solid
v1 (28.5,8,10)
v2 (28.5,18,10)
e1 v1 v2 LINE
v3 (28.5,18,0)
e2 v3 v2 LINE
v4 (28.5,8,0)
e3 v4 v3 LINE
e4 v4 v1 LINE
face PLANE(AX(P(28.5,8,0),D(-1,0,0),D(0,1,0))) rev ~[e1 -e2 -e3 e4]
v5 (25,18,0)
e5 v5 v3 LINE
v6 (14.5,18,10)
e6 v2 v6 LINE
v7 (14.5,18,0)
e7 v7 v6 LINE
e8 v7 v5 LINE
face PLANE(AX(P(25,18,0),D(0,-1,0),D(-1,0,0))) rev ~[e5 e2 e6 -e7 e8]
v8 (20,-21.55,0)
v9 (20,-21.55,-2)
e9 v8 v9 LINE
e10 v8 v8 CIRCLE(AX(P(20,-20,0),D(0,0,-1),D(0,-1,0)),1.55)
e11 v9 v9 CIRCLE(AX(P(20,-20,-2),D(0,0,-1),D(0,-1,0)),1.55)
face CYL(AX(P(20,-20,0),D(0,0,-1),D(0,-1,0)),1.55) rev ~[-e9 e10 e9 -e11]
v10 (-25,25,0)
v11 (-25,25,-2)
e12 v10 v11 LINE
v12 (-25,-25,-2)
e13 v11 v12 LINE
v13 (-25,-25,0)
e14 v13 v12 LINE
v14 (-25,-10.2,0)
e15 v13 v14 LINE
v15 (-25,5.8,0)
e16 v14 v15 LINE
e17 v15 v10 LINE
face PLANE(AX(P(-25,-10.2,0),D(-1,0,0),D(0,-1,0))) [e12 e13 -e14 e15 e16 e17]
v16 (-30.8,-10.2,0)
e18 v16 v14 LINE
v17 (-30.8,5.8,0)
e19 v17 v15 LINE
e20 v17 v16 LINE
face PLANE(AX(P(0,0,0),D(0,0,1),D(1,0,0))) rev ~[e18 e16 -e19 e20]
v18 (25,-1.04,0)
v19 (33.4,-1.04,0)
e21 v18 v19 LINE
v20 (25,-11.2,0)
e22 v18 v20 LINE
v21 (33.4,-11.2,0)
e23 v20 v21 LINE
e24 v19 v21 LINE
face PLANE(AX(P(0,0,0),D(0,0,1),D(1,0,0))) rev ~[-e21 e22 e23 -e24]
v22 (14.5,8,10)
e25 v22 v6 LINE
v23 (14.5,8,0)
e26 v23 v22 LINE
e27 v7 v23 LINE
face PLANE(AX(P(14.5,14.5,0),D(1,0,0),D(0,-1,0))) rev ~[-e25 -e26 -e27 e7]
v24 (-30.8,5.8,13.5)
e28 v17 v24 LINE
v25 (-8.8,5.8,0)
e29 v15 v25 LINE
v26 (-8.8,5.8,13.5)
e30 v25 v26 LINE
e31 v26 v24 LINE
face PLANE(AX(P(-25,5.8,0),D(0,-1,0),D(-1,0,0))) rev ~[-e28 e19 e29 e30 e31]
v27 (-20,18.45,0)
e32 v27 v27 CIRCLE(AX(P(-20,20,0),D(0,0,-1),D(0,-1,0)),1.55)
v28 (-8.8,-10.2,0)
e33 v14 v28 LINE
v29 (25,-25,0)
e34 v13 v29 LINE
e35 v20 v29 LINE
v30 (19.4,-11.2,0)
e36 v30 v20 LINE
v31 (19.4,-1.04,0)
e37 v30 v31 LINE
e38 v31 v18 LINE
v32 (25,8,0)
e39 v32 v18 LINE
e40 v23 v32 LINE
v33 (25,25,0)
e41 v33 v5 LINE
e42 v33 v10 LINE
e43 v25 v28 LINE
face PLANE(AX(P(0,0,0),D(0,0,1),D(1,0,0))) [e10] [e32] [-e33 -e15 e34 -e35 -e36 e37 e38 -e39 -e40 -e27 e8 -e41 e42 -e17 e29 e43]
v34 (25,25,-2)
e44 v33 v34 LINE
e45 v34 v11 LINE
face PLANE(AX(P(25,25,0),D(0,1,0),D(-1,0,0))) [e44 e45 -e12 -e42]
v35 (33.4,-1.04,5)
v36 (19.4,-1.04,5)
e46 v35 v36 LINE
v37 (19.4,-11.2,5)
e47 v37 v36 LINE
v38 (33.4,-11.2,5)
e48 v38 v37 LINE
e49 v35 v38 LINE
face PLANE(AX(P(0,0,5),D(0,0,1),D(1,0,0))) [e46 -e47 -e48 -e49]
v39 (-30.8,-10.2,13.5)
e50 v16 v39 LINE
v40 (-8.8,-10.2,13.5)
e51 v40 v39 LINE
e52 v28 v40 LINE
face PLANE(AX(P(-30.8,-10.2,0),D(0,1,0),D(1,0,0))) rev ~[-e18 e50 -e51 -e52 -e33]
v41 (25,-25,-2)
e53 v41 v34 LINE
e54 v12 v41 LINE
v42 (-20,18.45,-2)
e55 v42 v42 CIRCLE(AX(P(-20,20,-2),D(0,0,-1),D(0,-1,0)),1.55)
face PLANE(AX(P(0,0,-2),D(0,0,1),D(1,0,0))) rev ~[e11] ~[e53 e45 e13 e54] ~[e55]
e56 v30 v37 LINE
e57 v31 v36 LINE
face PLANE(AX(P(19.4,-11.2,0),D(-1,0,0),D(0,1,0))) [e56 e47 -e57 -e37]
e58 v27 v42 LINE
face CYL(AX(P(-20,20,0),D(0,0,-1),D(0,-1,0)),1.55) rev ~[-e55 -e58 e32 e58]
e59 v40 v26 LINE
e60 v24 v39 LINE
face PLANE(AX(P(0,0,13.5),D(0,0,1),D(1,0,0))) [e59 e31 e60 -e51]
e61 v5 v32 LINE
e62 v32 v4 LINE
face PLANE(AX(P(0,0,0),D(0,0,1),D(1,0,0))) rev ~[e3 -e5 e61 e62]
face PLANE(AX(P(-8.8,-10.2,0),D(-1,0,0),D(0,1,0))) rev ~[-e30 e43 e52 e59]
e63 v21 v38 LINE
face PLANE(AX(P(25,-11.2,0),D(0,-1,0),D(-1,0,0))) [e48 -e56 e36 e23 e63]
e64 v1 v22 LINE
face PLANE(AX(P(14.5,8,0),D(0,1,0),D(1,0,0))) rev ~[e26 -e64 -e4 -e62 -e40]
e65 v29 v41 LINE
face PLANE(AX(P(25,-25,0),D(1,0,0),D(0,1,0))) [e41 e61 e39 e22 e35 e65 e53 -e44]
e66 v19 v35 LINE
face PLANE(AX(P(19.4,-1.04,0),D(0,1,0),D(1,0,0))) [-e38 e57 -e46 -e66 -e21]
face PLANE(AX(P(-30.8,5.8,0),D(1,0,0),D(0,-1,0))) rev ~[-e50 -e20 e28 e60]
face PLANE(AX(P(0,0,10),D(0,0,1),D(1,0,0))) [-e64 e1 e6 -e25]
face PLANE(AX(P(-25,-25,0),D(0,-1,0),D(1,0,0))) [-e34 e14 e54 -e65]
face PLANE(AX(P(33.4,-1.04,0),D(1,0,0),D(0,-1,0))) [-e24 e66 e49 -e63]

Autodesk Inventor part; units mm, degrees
ref_plane "YZ Plane" through (0, 0, 0) normal (1, 0, 0) x (0, 1, 0)
ref_plane "XZ Plane" through (0, 0, 0) normal (0, 1, 0) x (-1, 0, 0)
ref_plane "XY Plane" through (0, 0, 0) normal (0, 0, 1) x (1, 0, 0)
sketch "Platine" plane through (0, 0, 0) normal (0, 0, 1) x (1, 0, 0)
  line L0 (-25, -25) -> (25, -25)
  line L1 (25, -25) -> (25, 25)
  line L2 (25, 25) -> (-25, 25)
  line L3 (-25, 25) -> (-25, -25)
  line L4 (-25, -25) -> (25, 25)
  line L5 (25, -25) -> (-25, 25)
  line L6 (-30.8, -10.2) -> (-8.8, -10.2)
  line L7 (-8.8, -10.2) -> (-8.8, 5.8)
  line L8 (-8.8, 5.8) -> (-30.8, 5.8)
  line L9 (-30.8, 5.8) -> (-30.8, -10.2)
  line L10 (33.4, -11.2) -> (19.4, -11.2)
  line L11 (19.4, -11.2) -> (19.4, -1.04)
  line L12 (19.4, -1.04) -> (33.4, -1.04)
  line L13 (33.4, -1.04) -> (33.4, -11.2)
  line L14 (14.5, 8) -> (28.5, 8)
  line L15 (28.5, 8) -> (28.5, 18)
  line L16 (28.5, 18) -> (14.5, 18)
  line L17 (14.5, 18) -> (14.5, 8)
  circle A0 centre (-20, 20) radius 1.5
  circle A1 centre (20, -20) radius 1.5
  point P0 (0, 0)
  point P1 (0, 0)
  dimension "d0" = 50
  dimension "d1" = 50
  dimension "d2" = 22
  dimension "d3" = 16
  dimension "d4" = 14.8
  dimension "d5" = 5.8
  dimension "d6" = 14
  dimension "d7" = 10.16
  dimension "d8" = 13.8
  dimension "d9" = 44.4
  dimension "d10" = 10
  dimension "d11" = 14
  dimension "d12" = 33
  dimension "d13" = 10.5
  dimension "d14" = 3
  dimension "d15" = 5
  dimension "d16" = 5
  dimension "d17" = 5
  dimension "d18" = 5
  dimension "d19" = 18
  dimension "d20" = 33.4
extrude "Platinengeometrie" add sketch "Platine" against normal blind 2 contours L4 L6 L7 L5 A1 L0 | L3 L6 L4 | L5 A1 L4 L17 L14 L1 L12 L11 L10 | L3 L8 L7 L4 L6 | L4 L7 L6 | L10 L11 L12 L1 | A1 L5 | L5 A1 | L3 L5 A0 L4 L7 L8 | L2 L4 L16 L17 L5 A0 | L14 L17 L4 L16 L1 | L1 L16 L4 | A0 L5 | L5 A0 | L17 L16 L4
sketch "Platine2" plane through (0, 0, 0) normal (0, 0, 1) x (1, 0, 0)
  line L0 (-25, -25) -> (25, -25)
  line L1 (25, -25) -> (25, 25)
  line L2 (25, 25) -> (-25, 25)
  line L3 (-25, 25) -> (-25, -25)
  line L4 (-25, -25) -> (25, 25)
  line L5 (25, -25) -> (-25, 25)
  line L6 (-30.8, -10.2) -> (-8.8, -10.2)
  line L7 (-8.8, -10.2) -> (-8.8, 5.8)
  line L8 (-8.8, 5.8) -> (-30.8, 5.8)
  line L9 (-30.8, 5.8) -> (-30.8, -10.2)
  line L10 (33.4, -11.2) -> (19.4, -11.2)
  line L11 (19.4, -11.2) -> (19.4, -1.04)
  line L12 (19.4, -1.04) -> (33.4, -1.04)
  line L13 (33.4, -1.04) -> (33.4, -11.2)
  line L14 (14.5, 8) -> (28.5, 8)
  line L15 (28.5, 8) -> (28.5, 18)
  line L16 (28.5, 18) -> (14.5, 18)
  line L17 (14.5, 18) -> (14.5, 8)
  circle A0 centre (-20, 20) radius 1.5
  circle A1 centre (20, -20) radius 1.5
  point P0 (0, 0)
  point P1 (0, 0)
  point P2 (0, 0)
  dimension "d23" = 50
  dimension "d24" = 50
  dimension "d25" = 22
  dimension "d26" = 16
  dimension "d27" = 14.8
  dimension "d28" = 5.8
  dimension "d29" = 14
  dimension "d30" = 10.16
  dimension "d31" = 13.8
  dimension "d32" = 44.4
  dimension "d33" = 10
  dimension "d34" = 14
  dimension "d35" = 33
  dimension "d36" = 10.5
  dimension "d37" = 3
  dimension "d38" = 5
  dimension "d39" = 5
  dimension "d40" = 5
  dimension "d41" = 5
  dimension "d42" = 18
  dimension "d43" = 33.4
extrude "MEBP 8-8G" add sketch "Platine2" along normal blind 13.5 contours L6 L9 L8 L3 | L3 L8 L7 L4 L6 | L4 L7 L6
sketch "Platine3" plane through (0, 0, 0) normal (0, 0, 1) x (1, 0, 0)
  line L0 (-25, -25) -> (25, -25)
  line L1 (25, -25) -> (25, 25)
  line L2 (25, 25) -> (-25, 25)
  line L3 (-25, 25) -> (-25, -25)
  line L4 (-25, -25) -> (25, 25)
  line L5 (25, -25) -> (-25, 25)
  line L6 (-30.8, -10.2) -> (-8.8, -10.2)
  line L7 (-8.8, -10.2) -> (-8.8, 5.8)
  line L8 (-8.8, 5.8) -> (-30.8, 5.8)
  line L9 (-30.8, 5.8) -> (-30.8, -10.2)
  line L10 (33.4, -11.2) -> (19.4, -11.2)
  line L11 (19.4, -11.2) -> (19.4, -1.04)
  line L12 (19.4, -1.04) -> (33.4, -1.04)
  line L13 (33.4, -1.04) -> (33.4, -11.2)
  line L14 (14.5, 8) -> (28.5, 8)
  line L15 (28.5, 8) -> (28.5, 18)
  line L16 (28.5, 18) -> (14.5, 18)
  line L17 (14.5, 18) -> (14.5, 8)
  circle A0 centre (-20, 20) radius 1.5
  circle A1 centre (20, -20) radius 1.5
  point P0 (0, 0)
  point P1 (0, 0)
  point P2 (0, 0)
  dimension "d46" = 50
  dimension "d47" = 50
  dimension "d48" = 22
  dimension "d49" = 16
  dimension "d50" = 14.8
  dimension "d51" = 5.8
  dimension "d52" = 14
  dimension "d53" = 10.16
  dimension "d54" = 13.8
  dimension "d55" = 44.4
  dimension "d56" = 10
  dimension "d57" = 14
  dimension "d58" = 33
  dimension "d59" = 10.5
  dimension "d60" = 3
  dimension "d61" = 5
  dimension "d62" = 5
  dimension "d63" = 5
  dimension "d64" = 5
  dimension "d65" = 18
  dimension "d66" = 33.4
extrude "PSS 254/4W" add sketch "Platine3" along normal blind 5 contours L10 L11 L12 L1 | L1 L12 L13 L10
sketch "Sketch4" plane through (0, 0, 0) normal (0, 0, 1) x (1, 0, 0)
  line L0 (-25, -25) -> (25, -25)
  line L1 (25, -25) -> (25, 25)
  line L2 (25, 25) -> (-25, 25)
  line L3 (-25, 25) -> (-25, -25)
  line L4 (-25, -25) -> (25, 25)
  line L5 (25, -25) -> (-25, 25)
  line L6 (-30.8, -10.2) -> (-8.8, -10.2)
  line L7 (-8.8, -10.2) -> (-8.8, 5.8)
  line L8 (-8.8, 5.8) -> (-30.8, 5.8)
  line L9 (-30.8, 5.8) -> (-30.8, -10.2)
  line L10 (33.4, -11.2) -> (19.4, -11.2)
  line L11 (19.4, -11.2) -> (19.4, -1.04)
  line L12 (19.4, -1.04) -> (33.4, -1.04)
  line L13 (33.4, -1.04) -> (33.4, -11.2)
  line L14 (14.5, 8) -> (28.5, 8)
  line L15 (28.5, 8) -> (28.5, 18)
  line L16 (28.5, 18) -> (14.5, 18)
  line L17 (14.5, 18) -> (14.5, 8)
  circle A0 centre (-20, 20) radius 1.5
  circle A1 centre (20, -20) radius 1.5
  point P0 (0, 0)
  point P1 (0, 0)
  point P2 (0, 0)
  dimension "d69" = 50
  dimension "d70" = 50
  dimension "d71" = 22
  dimension "d72" = 16
  dimension "d73" = 14.8
  dimension "d74" = 5.8
  dimension "d75" = 14
  dimension "d76" = 10.16
  dimension "d77" = 13.8
  dimension "d78" = 44.4
  dimension "d79" = 10
  dimension "d80" = 14
  dimension "d81" = 33
  dimension "d82" = 10.5
  dimension "d83" = 3
  dimension "d84" = 5
  dimension "d85" = 5
  dimension "d86" = 5
  dimension "d87" = 5
  dimension "d88" = 18
  dimension "d89" = 33.4
extrude "HEBG9 25" add sketch "Sketch4" along normal blind 10 contours L14 L17 L4 L16 L1 | L1 L16 L15 L14 | L17 L16 L4
sketch "Sketch5" plane through (0, 0, 0) normal (0, 0, 1) x (1, 0, 0)
  line L0 (-25, -25) -> (25, -25)
  line L1 (25, -25) -> (25, 25)
  line L2 (25, 25) -> (-25, 25)
  line L3 (-25, 25) -> (-25, -25)
  line L4 (-25, -25) -> (25, 25)
  line L5 (25, -25) -> (-25, 25)
  line L6 (-30.8, -10.2) -> (-8.8, -10.2)
  line L7 (-8.8, -10.2) -> (-8.8, 5.8)
  line L8 (-8.8, 5.8) -> (-30.8, 5.8)
  line L9 (-30.8, 5.8) -> (-30.8, -10.2)
  line L10 (33.4, -11.2) -> (19.4, -11.2)
  line L11 (19.4, -11.2) -> (19.4, -1.04)
  line L12 (19.4, -1.04) -> (33.4, -1.04)
  line L13 (33.4, -1.04) -> (33.4, -11.2)
  line L14 (14.5, 8) -> (28.5, 8)
  line L15 (28.5, 8) -> (28.5, 18)
  line L16 (28.5, 18) -> (14.5, 18)
  line L17 (14.5, 18) -> (14.5, 8)
  circle A0 centre (-20, 20) radius 1.5
  circle A1 centre (20, -20) radius 1.5
  point P0 (0, 0)
  point P1 (0, 0)
  point P2 (0, 0)
  dimension "d92" = 50
  dimension "d93" = 50
  dimension "d94" = 22
  dimension "d95" = 16
  dimension "d96" = 14.8
  dimension "d97" = 5.8
  dimension "d98" = 14
  dimension "d99" = 10.16
  dimension "d100" = 13.8
  dimension "d101" = 44.4
  dimension "d102" = 10
  dimension "d103" = 14
  dimension "d104" = 33
  dimension "d105" = 10.5
  dimension "d106" = 3
  dimension "d107" = 5
  dimension "d108" = 5
  dimension "d109" = 5
  dimension "d110" = 5
  dimension "d111" = 18
  dimension "d112" = 33.4
hole "Hole1" at (-20, 20, 0) at (20, -20, 0) direction (0, 0, -1) diameter 3.1 end through all
properties part number "PCB-Model"
